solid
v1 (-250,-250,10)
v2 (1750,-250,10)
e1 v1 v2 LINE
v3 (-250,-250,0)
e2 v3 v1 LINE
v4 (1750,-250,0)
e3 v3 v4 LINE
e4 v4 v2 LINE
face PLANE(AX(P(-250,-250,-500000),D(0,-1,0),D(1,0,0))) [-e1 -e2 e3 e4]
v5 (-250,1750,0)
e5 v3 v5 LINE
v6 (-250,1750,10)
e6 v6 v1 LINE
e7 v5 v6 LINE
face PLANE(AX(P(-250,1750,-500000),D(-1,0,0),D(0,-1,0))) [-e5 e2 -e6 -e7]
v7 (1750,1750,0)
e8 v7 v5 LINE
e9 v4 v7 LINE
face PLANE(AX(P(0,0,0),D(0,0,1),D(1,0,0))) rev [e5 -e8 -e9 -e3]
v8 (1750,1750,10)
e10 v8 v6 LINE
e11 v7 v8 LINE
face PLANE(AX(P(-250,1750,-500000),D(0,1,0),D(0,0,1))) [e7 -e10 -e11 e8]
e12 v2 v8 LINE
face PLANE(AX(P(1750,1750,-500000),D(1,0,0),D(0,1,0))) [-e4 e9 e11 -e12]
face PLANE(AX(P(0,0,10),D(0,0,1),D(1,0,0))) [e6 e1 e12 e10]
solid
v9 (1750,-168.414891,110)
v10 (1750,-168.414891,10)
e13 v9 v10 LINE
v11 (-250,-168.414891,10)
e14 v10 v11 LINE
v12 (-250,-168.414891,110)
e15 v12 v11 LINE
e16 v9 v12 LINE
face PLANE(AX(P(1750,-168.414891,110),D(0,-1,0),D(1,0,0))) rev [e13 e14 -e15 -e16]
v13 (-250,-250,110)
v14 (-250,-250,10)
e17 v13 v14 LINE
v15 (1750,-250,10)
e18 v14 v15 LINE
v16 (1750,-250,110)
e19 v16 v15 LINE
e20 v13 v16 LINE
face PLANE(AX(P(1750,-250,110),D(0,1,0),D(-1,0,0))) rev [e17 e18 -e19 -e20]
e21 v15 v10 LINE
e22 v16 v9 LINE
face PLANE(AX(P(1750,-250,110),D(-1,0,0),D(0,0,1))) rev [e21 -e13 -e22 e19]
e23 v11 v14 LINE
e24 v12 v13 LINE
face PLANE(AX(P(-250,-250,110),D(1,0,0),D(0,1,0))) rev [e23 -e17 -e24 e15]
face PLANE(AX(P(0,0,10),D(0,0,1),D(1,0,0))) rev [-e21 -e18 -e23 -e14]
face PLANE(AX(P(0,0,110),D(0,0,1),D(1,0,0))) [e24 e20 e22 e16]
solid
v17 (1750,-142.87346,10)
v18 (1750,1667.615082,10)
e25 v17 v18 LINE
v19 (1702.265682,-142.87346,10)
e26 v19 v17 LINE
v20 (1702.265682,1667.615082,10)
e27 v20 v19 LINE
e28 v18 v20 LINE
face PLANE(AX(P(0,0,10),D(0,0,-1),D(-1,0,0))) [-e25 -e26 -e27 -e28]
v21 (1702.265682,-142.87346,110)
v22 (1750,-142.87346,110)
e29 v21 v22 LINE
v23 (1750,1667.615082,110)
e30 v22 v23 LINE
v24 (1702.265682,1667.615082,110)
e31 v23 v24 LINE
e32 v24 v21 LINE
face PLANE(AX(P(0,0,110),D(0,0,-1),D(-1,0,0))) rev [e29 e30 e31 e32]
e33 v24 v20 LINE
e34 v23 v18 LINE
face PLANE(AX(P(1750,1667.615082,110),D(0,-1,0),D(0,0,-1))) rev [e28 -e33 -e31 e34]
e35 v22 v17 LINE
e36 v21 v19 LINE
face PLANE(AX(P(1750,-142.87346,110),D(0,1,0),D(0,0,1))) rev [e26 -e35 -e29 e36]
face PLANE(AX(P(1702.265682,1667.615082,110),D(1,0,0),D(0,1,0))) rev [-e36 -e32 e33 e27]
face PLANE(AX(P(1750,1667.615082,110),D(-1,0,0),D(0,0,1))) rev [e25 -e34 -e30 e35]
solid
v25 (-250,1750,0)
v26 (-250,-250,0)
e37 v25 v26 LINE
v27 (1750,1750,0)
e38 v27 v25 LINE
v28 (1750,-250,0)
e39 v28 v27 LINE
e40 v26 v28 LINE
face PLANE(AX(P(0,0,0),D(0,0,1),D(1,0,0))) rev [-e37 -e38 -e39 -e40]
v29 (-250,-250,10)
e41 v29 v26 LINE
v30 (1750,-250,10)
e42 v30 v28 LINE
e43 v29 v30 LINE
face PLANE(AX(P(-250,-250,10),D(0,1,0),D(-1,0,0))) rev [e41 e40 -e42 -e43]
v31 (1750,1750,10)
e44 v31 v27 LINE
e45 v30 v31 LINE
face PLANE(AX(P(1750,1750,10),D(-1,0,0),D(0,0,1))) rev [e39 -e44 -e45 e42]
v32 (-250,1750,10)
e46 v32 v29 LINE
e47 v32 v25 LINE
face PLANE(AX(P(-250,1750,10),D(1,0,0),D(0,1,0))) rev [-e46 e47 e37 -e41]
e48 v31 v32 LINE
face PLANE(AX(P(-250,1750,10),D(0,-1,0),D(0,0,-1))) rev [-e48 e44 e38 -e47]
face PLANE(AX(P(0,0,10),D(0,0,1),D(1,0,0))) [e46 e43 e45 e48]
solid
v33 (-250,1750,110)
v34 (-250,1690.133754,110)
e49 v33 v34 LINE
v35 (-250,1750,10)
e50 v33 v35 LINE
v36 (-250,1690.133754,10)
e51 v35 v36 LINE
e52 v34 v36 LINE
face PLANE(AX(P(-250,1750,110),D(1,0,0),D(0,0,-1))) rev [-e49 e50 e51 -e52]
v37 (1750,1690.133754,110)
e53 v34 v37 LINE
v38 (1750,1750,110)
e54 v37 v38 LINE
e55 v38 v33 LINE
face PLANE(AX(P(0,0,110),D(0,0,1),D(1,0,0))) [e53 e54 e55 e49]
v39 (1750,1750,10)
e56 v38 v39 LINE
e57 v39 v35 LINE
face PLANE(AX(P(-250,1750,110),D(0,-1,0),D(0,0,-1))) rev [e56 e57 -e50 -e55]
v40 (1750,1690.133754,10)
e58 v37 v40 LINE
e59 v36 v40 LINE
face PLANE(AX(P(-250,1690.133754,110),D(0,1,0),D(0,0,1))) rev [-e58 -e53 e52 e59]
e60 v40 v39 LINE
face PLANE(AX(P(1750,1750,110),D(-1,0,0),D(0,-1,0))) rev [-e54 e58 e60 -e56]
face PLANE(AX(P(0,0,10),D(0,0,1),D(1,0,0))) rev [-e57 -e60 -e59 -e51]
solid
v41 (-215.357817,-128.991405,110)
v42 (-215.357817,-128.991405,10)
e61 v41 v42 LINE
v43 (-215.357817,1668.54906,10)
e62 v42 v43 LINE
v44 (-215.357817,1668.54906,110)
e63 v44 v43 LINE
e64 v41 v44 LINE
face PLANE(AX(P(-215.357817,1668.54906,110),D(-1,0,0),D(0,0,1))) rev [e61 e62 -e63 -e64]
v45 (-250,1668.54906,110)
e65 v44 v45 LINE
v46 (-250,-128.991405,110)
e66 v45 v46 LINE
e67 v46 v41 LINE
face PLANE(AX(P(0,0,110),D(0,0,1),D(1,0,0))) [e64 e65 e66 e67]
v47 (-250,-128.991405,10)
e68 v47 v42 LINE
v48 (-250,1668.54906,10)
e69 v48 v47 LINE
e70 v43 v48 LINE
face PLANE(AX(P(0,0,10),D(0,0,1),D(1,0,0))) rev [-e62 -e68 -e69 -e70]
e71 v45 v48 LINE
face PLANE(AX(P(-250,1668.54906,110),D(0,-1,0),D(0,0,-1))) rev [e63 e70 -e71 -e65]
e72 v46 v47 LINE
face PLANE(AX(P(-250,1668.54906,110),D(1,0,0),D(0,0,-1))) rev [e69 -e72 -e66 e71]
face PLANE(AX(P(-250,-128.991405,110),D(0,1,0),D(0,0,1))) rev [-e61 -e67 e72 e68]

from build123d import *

# Parameters (mm, degrees)
SKETCH1_W           = 2000
SKETCH1_H           = 2000
BOSS_EXTRUDE1_DEPTH = 10
SKETCH2_W           = 2000
SKETCH2_H           = 2000
BOSS_EXTRUDE2_DEPTH = 10
SKETCH3_W           = 2000
SKETCH3_H           = 59.866245655
BOSS_EXTRUDE3_DEPTH = 100
SKETCH4_W           = 2000
SKETCH4_H           = 81.585108981
BOSS_EXTRUDE4_DEPTH = 100
SKETCH5_W           = 47.734318133
SKETCH5_H           = 1810.488542103
BOSS_EXTRUDE5_DEPTH = 100
SKETCH6_W           = 34.642183049
SKETCH6_H           = 1797.540465537
BOSS_EXTRUDE6_DEPTH = 100


with BuildPart() as part:
    # Sketch1 → Boss-Extrude1 (new body)
    with BuildSketch(Plane.XY):
        with Locations((750, 750)):
            Rectangle(SKETCH1_W, SKETCH1_H)
    extrude(amount=BOSS_EXTRUDE1_DEPTH)


with BuildPart() as body_2:
    # Sketch2 → Boss-Extrude2 (new body)
    with BuildSketch(Plane.XY.offset(10)):
        with Locations((750, 750)):
            Rectangle(SKETCH2_W, SKETCH2_H)
    extrude(amount=-BOSS_EXTRUDE2_DEPTH)


with BuildPart() as body_3:
    # Sketch3 → Boss-Extrude3 (new body)
    with BuildSketch(Plane.XY.offset(10)):
        with Locations((750, 1720.066877172)):
            Rectangle(SKETCH3_W, SKETCH3_H)
    extrude(amount=BOSS_EXTRUDE3_DEPTH)


with BuildPart() as body_4:
    # Sketch4 → Boss-Extrude4 (new body)
    with BuildSketch(Plane.XY.offset(10)):
        with Locations((750, -209.20744551)):
            Rectangle(SKETCH4_W, SKETCH4_H)
    extrude(amount=BOSS_EXTRUDE4_DEPTH)


with BuildPart() as body_5:
    # Sketch5 → Boss-Extrude5 (new body)
    with BuildSketch(Plane.XY.offset(10)):
        with Locations((1726.132840934, 762.3708112)):
            Rectangle(SKETCH5_W, SKETCH5_H)
    extrude(amount=BOSS_EXTRUDE5_DEPTH)


with BuildPart() as body_6:
    # Sketch6 → Boss-Extrude6 (new body)
    with BuildSketch(Plane.XY.offset(10)):
        with Locations((-232.678908476, 769.7788276)):
            Rectangle(SKETCH6_W, SKETCH6_H)
    extrude(amount=BOSS_EXTRUDE6_DEPTH)


solid = Compound([part.part, body_2.part, body_3.part, body_4.part, body_5.part, body_6.part])
